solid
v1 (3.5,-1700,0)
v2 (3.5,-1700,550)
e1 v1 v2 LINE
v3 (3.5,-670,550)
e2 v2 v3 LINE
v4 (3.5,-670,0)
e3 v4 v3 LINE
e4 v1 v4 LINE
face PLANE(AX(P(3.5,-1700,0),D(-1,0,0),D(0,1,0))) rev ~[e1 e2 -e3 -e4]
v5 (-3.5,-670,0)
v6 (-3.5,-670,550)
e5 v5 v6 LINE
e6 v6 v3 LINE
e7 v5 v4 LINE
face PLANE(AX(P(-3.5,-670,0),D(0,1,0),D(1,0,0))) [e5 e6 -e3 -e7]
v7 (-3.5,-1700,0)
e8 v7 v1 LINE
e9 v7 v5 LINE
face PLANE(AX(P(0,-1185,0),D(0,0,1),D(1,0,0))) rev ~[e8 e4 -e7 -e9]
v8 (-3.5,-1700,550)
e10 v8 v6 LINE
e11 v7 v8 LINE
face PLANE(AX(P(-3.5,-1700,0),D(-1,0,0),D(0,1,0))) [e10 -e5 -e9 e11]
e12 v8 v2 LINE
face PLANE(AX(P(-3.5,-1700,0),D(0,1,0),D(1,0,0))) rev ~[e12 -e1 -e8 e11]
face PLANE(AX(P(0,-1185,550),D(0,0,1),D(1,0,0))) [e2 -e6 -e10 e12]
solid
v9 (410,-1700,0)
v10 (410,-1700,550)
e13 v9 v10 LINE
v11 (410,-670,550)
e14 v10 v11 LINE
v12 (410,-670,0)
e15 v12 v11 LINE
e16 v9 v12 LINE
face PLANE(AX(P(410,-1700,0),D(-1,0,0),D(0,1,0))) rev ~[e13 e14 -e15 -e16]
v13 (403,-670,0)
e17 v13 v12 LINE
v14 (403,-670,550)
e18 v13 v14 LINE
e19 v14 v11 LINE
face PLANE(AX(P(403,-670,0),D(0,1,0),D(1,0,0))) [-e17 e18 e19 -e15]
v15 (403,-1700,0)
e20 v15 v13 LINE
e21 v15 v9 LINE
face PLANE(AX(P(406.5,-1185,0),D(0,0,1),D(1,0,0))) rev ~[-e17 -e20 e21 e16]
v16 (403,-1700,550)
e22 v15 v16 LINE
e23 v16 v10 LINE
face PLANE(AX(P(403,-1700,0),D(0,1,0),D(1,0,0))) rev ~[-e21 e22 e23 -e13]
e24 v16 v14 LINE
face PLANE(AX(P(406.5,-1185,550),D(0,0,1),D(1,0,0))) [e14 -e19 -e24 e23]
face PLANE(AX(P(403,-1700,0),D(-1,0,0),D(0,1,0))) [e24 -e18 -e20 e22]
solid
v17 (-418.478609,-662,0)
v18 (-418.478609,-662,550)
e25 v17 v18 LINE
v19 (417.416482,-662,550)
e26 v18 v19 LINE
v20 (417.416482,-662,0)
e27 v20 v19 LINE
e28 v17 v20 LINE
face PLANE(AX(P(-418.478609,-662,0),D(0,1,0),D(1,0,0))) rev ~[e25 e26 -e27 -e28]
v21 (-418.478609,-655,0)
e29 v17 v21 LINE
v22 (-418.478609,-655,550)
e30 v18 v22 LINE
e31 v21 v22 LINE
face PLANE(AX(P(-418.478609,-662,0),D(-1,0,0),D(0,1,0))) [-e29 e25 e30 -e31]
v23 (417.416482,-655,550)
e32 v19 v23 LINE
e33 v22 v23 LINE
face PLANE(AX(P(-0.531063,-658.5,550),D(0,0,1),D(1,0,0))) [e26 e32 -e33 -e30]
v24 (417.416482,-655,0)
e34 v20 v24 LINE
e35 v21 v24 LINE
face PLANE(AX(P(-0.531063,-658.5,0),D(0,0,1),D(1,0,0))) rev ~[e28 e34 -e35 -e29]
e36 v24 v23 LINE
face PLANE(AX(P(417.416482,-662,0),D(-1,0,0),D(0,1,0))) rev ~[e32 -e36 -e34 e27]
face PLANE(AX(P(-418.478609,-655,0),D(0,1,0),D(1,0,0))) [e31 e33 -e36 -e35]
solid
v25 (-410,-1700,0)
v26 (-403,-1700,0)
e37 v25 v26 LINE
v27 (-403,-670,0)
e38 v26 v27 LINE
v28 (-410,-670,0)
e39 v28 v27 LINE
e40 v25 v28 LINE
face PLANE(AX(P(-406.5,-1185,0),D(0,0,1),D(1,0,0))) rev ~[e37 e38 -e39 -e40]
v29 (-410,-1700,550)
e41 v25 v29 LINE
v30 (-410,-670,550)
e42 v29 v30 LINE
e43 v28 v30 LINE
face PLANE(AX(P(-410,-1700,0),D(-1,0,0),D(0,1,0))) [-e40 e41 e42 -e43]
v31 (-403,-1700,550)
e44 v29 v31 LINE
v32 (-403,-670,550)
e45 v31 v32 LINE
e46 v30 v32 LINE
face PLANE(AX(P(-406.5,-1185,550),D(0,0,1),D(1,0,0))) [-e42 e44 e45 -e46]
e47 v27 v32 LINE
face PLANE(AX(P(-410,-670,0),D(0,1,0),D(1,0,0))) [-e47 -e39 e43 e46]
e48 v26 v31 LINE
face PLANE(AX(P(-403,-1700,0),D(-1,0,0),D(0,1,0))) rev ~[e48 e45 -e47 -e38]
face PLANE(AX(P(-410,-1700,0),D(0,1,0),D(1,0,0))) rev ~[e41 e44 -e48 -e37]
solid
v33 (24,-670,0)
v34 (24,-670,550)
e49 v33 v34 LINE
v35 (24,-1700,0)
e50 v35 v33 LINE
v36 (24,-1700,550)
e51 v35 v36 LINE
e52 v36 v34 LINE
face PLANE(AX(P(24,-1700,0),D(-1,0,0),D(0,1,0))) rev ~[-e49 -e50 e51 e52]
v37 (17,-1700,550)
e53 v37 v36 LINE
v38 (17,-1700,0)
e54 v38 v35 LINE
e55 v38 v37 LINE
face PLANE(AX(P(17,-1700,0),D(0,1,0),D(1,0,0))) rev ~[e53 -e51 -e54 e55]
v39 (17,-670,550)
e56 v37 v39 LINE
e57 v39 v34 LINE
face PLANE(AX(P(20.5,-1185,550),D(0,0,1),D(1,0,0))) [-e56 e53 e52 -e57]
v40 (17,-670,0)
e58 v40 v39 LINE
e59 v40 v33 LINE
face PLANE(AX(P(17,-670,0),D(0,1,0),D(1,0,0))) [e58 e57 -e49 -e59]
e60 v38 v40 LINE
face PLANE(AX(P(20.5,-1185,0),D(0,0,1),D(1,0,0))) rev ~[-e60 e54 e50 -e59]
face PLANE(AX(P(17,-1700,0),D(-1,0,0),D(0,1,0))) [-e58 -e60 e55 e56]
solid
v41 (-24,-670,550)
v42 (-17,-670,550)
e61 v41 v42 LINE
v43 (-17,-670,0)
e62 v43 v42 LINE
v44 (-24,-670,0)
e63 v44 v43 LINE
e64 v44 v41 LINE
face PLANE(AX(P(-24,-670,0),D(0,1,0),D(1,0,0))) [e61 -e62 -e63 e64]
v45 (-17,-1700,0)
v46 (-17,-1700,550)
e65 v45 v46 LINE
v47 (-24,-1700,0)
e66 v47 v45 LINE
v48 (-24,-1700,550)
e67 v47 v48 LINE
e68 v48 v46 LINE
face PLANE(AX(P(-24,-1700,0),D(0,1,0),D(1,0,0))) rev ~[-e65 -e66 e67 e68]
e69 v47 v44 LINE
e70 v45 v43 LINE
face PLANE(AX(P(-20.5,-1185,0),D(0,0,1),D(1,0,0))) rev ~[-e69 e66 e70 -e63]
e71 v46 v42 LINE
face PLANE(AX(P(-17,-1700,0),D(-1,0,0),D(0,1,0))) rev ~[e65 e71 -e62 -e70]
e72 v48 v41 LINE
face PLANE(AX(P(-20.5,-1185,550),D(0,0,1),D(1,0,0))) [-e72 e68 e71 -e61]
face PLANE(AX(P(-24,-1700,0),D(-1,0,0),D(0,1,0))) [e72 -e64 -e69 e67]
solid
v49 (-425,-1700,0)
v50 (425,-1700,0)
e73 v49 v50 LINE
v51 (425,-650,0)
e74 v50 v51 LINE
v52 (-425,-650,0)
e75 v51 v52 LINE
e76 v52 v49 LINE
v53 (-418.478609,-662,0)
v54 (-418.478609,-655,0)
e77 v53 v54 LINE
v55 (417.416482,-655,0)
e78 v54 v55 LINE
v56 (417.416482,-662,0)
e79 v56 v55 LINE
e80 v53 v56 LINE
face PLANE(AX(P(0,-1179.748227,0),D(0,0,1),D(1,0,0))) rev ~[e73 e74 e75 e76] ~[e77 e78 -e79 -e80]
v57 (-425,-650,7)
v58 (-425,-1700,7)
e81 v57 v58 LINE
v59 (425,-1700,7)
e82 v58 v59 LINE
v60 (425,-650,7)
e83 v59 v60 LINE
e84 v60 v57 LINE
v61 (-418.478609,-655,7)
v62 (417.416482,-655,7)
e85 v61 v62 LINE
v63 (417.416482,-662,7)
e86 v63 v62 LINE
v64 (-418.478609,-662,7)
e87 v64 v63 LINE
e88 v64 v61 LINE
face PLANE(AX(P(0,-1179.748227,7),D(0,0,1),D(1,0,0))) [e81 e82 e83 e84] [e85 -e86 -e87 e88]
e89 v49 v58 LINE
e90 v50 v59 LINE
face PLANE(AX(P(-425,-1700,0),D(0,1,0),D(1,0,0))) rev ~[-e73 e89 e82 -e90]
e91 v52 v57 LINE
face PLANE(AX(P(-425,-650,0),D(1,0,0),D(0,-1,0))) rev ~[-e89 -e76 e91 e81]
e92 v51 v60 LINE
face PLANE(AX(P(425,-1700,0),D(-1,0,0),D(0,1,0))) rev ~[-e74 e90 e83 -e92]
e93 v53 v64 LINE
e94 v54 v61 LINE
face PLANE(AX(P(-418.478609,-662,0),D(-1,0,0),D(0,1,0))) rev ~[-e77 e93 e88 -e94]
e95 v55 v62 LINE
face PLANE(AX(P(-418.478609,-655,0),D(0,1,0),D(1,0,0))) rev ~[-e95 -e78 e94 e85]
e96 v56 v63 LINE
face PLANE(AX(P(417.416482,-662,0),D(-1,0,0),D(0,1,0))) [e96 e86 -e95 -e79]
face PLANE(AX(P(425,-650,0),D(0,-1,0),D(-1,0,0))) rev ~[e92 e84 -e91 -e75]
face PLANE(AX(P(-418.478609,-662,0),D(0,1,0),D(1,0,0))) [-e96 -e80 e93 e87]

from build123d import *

# Parameters (mm, degrees)
F0_W     = 7
F0_H     = 1030
F0_W_2   = 835.895091
F0_H_2   = 7
F1_DEPTH = 550
F2_DEPTH = 7


with BuildPart() as f1:
    # F0 (on Top) → F1 (new body)
    with BuildSketch(Plane.XY):
        with Locations((406.5, -1185)):
            Rectangle(F0_W, F0_H)
        with Locations((20.5, -1185)):
            Rectangle(F0_W, F0_H)
        with Locations((0, -1185)):
            Rectangle(F0_W, F0_H)
        with Locations((-20.5, -1185)):
            Rectangle(F0_W, F0_H)
        with Locations((-406.5, -1185)):
            Rectangle(F0_W, F0_H)
        with Locations((-0.531063, -658.5)):
            Rectangle(F0_W_2, F0_H_2)
    extrude(amount=F1_DEPTH)


with BuildPart() as f2:
    # F0 (on Top) → F2 (new body)
    with BuildSketch(Plane.XY):
        Polygon((410, -1700), (425, -1700), (425, -1200), (425, -650), (-425, -650), (-425, -1200), (-425, -1700), (-410, -1700), (-410, -670), (-403, -670), (-403, -1700), (-24, -1700), (-24, -670), (-17, -670), (-17, -1700), (-3.5, -1700), (-3.5, -670), (3.5, -670), (3.5, -1700), (17, -1700), (17, -670), (24, -670), (24, -1700), (403, -1700), (403, -670), (410, -670), align=None)
        with Locations((-0.531063, -658.5)):
            Rectangle(F0_W_2, F0_H_2, mode=Mode.SUBTRACT)
        with Locations((406.5, -1185)):
            Rectangle(F0_W, F0_H)
        with Locations((20.5, -1185)):
            Rectangle(F0_W, F0_H)
        with Locations((0, -1185)):
            Rectangle(F0_W, F0_H)
        with Locations((-406.5, -1185)):
            Rectangle(F0_W, F0_H)
        with Locations((-20.5, -1185)):
            Rectangle(F0_W, F0_H)
    extrude(amount=F2_DEPTH)


solid = Compound([f1.part, f2.part])
